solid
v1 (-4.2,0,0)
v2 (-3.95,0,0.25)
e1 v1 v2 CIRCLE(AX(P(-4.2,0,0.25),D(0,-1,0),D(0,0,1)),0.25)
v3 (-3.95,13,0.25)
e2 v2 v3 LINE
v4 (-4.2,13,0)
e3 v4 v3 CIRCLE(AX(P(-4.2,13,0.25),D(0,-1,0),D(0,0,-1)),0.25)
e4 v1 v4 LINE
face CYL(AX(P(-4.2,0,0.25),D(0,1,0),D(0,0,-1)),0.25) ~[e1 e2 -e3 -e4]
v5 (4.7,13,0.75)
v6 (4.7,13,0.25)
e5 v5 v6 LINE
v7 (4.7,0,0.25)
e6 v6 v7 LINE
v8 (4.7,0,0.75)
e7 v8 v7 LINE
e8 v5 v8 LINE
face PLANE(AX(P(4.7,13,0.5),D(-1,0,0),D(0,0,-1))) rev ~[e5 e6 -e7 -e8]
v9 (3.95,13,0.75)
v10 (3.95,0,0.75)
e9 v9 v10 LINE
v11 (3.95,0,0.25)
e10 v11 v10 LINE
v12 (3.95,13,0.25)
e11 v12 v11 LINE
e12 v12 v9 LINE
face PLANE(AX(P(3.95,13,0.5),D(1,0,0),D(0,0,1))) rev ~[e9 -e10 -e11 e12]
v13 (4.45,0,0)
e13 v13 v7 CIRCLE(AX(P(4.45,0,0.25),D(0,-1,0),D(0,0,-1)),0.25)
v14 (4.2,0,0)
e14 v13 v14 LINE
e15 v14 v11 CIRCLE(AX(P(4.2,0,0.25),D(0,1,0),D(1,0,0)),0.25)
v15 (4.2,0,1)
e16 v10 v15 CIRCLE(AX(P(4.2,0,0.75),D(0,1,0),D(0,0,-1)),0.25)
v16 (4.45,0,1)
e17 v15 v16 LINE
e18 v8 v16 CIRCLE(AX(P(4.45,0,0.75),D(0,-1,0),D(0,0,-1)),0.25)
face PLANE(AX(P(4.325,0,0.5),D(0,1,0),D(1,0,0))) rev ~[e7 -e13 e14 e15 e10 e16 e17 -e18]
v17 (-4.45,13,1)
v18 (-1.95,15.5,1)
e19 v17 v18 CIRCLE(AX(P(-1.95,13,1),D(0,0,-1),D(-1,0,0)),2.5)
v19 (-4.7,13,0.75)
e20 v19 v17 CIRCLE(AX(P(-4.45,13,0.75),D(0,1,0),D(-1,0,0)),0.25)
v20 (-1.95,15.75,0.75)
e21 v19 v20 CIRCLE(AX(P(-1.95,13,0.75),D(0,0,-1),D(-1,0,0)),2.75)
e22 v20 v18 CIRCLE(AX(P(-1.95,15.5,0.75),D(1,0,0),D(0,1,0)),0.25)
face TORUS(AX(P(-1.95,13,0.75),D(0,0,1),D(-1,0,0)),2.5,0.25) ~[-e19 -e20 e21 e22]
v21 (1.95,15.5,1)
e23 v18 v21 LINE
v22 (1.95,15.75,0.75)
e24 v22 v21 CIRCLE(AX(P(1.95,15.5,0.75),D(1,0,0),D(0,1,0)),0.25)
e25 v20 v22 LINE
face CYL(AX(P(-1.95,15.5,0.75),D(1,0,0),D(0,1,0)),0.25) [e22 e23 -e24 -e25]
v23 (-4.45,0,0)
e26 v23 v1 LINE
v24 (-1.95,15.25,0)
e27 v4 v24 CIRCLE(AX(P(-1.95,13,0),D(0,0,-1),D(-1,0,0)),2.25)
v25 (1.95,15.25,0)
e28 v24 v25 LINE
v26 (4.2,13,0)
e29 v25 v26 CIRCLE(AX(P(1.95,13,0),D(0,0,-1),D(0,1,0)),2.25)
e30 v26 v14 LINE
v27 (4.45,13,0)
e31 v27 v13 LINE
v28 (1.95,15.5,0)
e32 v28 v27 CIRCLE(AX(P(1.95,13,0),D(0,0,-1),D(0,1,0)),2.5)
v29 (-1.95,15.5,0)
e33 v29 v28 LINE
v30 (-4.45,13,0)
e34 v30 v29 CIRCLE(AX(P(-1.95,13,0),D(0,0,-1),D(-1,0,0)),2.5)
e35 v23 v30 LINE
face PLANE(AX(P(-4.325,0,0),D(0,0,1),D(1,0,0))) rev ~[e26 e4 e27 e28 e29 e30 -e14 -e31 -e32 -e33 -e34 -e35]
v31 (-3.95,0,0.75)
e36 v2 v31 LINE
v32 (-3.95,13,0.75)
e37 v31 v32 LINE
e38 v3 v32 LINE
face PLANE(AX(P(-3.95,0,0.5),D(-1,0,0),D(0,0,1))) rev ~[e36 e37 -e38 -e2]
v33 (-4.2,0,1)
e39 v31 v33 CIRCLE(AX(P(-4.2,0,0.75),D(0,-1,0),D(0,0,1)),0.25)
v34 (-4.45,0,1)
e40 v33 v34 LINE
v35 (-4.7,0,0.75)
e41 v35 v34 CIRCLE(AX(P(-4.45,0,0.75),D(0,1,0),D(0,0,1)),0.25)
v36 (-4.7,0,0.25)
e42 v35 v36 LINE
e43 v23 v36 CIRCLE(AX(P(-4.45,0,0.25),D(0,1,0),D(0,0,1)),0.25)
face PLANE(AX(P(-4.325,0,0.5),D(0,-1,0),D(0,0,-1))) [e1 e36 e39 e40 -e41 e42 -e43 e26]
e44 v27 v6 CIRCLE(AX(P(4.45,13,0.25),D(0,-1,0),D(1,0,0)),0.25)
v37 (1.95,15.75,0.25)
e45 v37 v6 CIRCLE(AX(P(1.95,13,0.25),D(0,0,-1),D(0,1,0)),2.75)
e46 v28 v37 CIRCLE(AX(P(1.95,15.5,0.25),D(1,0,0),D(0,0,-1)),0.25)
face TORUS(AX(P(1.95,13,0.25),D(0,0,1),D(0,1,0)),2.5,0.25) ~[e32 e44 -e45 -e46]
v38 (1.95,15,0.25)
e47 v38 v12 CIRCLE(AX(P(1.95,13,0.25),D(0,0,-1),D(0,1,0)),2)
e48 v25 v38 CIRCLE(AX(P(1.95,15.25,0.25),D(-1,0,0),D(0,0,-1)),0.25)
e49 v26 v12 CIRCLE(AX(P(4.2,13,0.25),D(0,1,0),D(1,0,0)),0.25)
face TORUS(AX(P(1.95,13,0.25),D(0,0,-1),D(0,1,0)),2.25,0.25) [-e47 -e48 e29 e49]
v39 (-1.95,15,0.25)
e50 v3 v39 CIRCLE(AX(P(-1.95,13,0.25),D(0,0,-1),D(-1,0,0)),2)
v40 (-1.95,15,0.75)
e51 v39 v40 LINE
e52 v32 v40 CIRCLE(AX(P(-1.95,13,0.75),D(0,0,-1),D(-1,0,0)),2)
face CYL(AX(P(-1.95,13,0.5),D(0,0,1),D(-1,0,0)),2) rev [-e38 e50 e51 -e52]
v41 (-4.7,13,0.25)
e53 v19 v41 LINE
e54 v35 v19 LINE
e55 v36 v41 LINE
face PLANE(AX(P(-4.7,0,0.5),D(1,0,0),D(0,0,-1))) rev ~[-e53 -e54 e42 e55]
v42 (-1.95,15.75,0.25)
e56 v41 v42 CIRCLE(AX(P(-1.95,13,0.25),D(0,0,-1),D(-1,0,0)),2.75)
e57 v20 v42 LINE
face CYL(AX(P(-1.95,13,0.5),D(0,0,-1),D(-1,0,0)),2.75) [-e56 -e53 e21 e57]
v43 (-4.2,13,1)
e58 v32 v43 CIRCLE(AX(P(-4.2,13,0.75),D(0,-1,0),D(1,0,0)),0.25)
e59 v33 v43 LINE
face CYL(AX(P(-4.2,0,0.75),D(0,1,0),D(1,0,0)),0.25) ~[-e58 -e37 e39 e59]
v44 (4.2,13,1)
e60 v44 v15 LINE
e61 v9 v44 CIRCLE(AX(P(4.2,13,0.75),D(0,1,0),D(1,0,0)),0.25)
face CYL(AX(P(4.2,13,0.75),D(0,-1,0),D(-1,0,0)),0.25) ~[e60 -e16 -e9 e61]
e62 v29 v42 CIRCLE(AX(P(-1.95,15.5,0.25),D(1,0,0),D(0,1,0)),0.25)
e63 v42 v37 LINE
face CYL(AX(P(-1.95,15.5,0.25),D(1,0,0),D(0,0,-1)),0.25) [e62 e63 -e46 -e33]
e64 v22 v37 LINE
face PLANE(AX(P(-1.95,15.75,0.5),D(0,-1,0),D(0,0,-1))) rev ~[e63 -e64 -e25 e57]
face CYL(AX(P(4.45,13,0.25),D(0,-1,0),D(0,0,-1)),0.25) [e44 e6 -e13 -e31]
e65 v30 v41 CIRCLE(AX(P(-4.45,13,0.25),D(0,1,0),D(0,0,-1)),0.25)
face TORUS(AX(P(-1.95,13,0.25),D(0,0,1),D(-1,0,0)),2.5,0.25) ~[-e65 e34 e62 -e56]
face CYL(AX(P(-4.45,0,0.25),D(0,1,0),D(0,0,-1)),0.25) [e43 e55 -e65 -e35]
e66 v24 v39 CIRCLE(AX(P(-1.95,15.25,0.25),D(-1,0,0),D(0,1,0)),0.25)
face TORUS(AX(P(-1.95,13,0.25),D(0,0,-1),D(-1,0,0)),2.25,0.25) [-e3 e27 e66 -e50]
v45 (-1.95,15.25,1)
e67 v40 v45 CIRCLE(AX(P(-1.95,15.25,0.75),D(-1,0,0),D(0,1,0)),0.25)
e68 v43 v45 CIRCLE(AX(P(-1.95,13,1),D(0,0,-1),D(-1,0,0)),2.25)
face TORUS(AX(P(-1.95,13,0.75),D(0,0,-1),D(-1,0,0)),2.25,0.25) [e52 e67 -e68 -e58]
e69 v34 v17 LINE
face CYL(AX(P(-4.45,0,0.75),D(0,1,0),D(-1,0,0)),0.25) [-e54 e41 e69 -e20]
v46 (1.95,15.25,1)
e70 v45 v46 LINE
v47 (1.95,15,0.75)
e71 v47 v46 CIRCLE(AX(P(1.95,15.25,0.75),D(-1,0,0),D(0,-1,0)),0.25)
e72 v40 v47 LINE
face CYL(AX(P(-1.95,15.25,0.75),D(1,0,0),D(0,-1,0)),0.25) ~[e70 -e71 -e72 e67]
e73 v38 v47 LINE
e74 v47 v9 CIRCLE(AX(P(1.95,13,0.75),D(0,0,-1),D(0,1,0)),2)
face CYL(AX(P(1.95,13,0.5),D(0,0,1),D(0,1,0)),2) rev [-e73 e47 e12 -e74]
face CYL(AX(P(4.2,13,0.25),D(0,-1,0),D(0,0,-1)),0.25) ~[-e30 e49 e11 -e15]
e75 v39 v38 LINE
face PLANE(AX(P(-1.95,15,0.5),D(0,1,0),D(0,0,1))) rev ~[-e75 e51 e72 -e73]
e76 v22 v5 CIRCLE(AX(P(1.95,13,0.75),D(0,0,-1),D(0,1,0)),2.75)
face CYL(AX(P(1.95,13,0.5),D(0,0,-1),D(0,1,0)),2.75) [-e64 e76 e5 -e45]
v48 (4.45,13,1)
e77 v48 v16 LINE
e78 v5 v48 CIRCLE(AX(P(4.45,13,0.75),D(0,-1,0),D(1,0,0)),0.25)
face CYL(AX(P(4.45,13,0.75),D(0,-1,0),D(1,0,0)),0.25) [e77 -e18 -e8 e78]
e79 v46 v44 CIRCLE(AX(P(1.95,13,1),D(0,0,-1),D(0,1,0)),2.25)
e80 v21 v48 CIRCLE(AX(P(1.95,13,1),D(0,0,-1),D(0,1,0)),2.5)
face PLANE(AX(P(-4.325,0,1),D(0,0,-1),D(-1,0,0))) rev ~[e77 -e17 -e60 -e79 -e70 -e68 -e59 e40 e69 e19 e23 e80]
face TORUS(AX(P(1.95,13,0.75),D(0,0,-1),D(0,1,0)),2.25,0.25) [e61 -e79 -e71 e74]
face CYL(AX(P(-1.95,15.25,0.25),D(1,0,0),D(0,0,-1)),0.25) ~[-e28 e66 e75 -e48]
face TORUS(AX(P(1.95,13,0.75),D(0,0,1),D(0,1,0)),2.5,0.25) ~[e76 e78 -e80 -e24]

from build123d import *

# Parameters (mm, degrees)
F1_W = 0.75
F1_H = 1
F3_R = 0.25


with BuildPart() as f2:
    # F2: sweep along a path in F0
    with BuildLine(Plane.XY) as f2_path:
        Line((-3.95, 0), (-3.95, 13))
        ThreePointArc((-3.95, 13), (-3.3642135624, 14.4142135624), (-1.95, 15))
        Line((-1.95, 15), (1.95, 15))
        ThreePointArc((1.95, 15), (3.3642135624, 14.4142135624), (3.95, 13))
        Line((3.95, 13), (3.95, 0))
    # F1 (on Front) → F2 (sweep)
    with BuildSketch(Plane.XZ):
        with Locations((-4.325, 0.5)):
            Rectangle(F1_W, F1_H)
    sweep(path=f2_path.line)

    # F3
    f3_edges = [f2.edges().sort_by_distance(p)[0] for p in [
        (-4.7, 6.5, 1),
        (-3.95, 6.5, 1),
        (3.95, 6.5, 0),
        (4.7, 6.5, 0),
    ]]
    fillet(f3_edges, radius=F3_R)


solid = f2.part
